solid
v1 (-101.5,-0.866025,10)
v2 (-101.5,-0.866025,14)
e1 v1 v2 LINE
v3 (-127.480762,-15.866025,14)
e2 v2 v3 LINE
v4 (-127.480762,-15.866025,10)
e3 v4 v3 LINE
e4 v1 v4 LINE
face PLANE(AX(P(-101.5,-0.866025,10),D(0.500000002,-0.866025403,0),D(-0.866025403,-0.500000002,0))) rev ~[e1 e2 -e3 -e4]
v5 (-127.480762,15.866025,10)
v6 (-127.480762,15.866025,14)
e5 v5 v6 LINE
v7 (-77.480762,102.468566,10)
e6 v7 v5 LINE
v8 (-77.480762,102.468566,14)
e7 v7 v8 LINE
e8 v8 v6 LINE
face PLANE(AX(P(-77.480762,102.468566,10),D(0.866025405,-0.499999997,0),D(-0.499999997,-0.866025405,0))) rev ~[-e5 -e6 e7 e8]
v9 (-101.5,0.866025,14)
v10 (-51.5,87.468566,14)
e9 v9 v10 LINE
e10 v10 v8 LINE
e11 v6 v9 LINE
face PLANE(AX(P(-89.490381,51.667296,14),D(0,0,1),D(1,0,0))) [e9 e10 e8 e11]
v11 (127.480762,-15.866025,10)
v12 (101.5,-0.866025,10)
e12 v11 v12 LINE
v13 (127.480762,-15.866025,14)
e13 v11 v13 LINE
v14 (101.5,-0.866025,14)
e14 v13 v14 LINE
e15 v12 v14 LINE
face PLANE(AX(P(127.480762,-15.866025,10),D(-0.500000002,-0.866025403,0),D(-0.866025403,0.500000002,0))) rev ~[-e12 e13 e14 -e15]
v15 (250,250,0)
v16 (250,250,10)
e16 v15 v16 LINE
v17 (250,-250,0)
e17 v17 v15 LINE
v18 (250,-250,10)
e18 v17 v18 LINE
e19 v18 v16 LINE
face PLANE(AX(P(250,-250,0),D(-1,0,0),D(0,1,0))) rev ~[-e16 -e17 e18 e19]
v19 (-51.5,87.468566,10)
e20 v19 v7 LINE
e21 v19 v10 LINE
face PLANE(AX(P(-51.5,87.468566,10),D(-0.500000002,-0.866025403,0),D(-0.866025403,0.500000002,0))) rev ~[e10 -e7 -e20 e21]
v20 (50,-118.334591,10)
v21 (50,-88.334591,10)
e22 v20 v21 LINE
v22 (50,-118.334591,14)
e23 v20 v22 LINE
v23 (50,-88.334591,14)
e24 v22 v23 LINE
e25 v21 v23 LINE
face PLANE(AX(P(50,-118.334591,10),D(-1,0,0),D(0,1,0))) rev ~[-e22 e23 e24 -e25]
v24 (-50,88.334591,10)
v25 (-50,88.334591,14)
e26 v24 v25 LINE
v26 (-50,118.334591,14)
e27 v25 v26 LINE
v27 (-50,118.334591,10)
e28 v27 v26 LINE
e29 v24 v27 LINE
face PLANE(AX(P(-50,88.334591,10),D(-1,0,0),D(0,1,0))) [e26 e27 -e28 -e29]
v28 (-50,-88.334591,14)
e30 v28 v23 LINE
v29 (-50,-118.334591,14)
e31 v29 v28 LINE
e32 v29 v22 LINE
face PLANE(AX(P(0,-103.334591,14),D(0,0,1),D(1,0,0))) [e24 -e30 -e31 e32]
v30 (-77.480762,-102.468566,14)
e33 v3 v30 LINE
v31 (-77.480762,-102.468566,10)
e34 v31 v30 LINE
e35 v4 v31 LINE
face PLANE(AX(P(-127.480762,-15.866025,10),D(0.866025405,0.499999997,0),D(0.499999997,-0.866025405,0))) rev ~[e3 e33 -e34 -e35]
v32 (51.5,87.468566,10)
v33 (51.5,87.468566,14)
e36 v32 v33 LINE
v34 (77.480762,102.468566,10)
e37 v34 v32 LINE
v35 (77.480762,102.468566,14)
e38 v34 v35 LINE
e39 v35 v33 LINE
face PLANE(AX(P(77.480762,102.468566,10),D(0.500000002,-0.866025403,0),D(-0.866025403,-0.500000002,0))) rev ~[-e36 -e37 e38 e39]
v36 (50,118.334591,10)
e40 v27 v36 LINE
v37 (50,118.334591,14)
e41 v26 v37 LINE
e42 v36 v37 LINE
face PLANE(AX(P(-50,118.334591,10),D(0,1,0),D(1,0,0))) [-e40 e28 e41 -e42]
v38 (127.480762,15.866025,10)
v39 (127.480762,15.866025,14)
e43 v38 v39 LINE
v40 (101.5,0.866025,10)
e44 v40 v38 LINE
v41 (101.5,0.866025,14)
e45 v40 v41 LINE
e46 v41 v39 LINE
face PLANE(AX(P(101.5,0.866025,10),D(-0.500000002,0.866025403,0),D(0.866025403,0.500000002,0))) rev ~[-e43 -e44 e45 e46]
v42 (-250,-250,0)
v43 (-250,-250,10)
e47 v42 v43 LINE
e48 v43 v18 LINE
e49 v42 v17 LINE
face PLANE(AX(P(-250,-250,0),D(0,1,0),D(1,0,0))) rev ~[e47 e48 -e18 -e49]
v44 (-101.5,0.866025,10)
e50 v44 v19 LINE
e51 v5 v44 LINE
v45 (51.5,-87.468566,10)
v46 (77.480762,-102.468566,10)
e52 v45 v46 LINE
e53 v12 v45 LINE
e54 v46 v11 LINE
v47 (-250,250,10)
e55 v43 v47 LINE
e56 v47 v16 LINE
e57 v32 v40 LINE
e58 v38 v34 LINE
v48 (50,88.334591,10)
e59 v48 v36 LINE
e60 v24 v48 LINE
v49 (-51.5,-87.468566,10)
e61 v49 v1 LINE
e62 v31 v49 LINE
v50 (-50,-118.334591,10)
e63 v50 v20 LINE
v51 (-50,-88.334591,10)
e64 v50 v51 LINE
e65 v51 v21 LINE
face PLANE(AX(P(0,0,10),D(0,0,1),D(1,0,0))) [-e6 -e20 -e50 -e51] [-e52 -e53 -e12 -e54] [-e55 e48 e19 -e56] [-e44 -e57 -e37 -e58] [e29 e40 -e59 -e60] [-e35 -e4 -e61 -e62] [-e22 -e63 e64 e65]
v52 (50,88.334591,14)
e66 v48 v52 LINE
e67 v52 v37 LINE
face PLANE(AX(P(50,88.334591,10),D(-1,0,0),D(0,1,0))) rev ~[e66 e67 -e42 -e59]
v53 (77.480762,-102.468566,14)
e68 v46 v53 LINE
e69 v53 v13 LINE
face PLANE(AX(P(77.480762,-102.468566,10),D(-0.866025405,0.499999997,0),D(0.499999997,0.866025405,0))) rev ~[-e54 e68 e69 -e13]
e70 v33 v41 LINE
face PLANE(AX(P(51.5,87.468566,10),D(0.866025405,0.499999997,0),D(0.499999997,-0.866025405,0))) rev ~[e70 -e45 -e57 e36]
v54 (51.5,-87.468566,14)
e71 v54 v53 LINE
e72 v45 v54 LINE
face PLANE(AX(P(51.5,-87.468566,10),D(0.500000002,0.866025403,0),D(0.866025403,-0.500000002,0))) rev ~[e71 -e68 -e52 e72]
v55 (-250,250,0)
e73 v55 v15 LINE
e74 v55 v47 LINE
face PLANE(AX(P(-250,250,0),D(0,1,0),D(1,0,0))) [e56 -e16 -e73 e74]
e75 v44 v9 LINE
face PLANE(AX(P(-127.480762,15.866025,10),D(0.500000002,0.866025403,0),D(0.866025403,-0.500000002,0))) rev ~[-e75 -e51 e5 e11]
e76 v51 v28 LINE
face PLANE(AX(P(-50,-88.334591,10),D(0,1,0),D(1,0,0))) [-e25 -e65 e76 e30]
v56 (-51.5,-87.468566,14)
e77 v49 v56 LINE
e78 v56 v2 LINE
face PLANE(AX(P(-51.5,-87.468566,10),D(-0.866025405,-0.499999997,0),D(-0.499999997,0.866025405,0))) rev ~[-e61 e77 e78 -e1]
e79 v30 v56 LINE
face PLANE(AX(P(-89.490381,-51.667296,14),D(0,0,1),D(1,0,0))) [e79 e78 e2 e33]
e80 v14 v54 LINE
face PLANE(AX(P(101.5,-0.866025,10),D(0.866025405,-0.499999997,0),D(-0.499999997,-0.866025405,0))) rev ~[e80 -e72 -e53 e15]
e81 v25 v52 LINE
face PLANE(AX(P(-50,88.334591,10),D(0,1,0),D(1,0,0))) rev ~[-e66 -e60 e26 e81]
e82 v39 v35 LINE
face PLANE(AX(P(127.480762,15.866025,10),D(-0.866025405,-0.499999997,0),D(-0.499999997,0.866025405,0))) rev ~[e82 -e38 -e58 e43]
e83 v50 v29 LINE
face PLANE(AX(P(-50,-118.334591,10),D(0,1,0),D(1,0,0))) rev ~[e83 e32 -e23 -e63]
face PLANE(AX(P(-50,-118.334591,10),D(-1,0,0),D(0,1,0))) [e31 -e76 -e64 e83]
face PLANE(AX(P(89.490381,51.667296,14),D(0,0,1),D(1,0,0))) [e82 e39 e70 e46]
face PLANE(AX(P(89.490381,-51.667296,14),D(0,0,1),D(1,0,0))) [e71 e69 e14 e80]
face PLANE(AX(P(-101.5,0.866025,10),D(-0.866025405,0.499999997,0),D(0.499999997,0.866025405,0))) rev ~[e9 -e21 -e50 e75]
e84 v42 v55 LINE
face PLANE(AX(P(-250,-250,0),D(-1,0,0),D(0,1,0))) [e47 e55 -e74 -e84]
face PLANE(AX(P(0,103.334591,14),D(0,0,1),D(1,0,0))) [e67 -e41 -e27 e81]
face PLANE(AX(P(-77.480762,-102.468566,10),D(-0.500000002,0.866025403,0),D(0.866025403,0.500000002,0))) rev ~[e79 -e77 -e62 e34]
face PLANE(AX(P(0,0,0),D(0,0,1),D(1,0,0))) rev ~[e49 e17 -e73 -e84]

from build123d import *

# Parameters (mm, degrees)
F0_W     = 500
F0_H     = 500
F1_DEPTH = 10
F2_W     = 100
F2_H     = 30
F3_DEPTH = 4


with BuildPart() as f1:
    # F0 (on Top) → F1 (new body)
    with BuildSketch(Plane.XY):
        Rectangle(F0_W, F0_H)
    extrude(amount=F1_DEPTH)

    # F2 (on face) → F3 (join)
    with BuildSketch(Plane.XY.offset(10)):
        with Locations((0, 103.334591)):
            Rectangle(F2_W, F2_H)
        Polygon((-77.480762, 102.468566), (-127.480762, 15.866025), (-101.5, 0.866025), (-51.5, 87.468566), align=None)
        Polygon((-127.480762, -15.866025), (-77.480762, -102.468566), (-51.5, -87.468566), (-101.5, -0.866025), align=None)
        with Locations((0, -103.334591)):
            Rectangle(F2_W, F2_H)
        Polygon((77.480762, -102.468566), (127.480762, -15.866025), (101.5, -0.866025), (51.5, -87.468566), align=None)
        Polygon((127.480762, 15.866025), (77.480762, 102.468566), (51.5, 87.468566), (101.5, 0.866025), align=None)
    extrude(amount=F3_DEPTH)


solid = f1.part
